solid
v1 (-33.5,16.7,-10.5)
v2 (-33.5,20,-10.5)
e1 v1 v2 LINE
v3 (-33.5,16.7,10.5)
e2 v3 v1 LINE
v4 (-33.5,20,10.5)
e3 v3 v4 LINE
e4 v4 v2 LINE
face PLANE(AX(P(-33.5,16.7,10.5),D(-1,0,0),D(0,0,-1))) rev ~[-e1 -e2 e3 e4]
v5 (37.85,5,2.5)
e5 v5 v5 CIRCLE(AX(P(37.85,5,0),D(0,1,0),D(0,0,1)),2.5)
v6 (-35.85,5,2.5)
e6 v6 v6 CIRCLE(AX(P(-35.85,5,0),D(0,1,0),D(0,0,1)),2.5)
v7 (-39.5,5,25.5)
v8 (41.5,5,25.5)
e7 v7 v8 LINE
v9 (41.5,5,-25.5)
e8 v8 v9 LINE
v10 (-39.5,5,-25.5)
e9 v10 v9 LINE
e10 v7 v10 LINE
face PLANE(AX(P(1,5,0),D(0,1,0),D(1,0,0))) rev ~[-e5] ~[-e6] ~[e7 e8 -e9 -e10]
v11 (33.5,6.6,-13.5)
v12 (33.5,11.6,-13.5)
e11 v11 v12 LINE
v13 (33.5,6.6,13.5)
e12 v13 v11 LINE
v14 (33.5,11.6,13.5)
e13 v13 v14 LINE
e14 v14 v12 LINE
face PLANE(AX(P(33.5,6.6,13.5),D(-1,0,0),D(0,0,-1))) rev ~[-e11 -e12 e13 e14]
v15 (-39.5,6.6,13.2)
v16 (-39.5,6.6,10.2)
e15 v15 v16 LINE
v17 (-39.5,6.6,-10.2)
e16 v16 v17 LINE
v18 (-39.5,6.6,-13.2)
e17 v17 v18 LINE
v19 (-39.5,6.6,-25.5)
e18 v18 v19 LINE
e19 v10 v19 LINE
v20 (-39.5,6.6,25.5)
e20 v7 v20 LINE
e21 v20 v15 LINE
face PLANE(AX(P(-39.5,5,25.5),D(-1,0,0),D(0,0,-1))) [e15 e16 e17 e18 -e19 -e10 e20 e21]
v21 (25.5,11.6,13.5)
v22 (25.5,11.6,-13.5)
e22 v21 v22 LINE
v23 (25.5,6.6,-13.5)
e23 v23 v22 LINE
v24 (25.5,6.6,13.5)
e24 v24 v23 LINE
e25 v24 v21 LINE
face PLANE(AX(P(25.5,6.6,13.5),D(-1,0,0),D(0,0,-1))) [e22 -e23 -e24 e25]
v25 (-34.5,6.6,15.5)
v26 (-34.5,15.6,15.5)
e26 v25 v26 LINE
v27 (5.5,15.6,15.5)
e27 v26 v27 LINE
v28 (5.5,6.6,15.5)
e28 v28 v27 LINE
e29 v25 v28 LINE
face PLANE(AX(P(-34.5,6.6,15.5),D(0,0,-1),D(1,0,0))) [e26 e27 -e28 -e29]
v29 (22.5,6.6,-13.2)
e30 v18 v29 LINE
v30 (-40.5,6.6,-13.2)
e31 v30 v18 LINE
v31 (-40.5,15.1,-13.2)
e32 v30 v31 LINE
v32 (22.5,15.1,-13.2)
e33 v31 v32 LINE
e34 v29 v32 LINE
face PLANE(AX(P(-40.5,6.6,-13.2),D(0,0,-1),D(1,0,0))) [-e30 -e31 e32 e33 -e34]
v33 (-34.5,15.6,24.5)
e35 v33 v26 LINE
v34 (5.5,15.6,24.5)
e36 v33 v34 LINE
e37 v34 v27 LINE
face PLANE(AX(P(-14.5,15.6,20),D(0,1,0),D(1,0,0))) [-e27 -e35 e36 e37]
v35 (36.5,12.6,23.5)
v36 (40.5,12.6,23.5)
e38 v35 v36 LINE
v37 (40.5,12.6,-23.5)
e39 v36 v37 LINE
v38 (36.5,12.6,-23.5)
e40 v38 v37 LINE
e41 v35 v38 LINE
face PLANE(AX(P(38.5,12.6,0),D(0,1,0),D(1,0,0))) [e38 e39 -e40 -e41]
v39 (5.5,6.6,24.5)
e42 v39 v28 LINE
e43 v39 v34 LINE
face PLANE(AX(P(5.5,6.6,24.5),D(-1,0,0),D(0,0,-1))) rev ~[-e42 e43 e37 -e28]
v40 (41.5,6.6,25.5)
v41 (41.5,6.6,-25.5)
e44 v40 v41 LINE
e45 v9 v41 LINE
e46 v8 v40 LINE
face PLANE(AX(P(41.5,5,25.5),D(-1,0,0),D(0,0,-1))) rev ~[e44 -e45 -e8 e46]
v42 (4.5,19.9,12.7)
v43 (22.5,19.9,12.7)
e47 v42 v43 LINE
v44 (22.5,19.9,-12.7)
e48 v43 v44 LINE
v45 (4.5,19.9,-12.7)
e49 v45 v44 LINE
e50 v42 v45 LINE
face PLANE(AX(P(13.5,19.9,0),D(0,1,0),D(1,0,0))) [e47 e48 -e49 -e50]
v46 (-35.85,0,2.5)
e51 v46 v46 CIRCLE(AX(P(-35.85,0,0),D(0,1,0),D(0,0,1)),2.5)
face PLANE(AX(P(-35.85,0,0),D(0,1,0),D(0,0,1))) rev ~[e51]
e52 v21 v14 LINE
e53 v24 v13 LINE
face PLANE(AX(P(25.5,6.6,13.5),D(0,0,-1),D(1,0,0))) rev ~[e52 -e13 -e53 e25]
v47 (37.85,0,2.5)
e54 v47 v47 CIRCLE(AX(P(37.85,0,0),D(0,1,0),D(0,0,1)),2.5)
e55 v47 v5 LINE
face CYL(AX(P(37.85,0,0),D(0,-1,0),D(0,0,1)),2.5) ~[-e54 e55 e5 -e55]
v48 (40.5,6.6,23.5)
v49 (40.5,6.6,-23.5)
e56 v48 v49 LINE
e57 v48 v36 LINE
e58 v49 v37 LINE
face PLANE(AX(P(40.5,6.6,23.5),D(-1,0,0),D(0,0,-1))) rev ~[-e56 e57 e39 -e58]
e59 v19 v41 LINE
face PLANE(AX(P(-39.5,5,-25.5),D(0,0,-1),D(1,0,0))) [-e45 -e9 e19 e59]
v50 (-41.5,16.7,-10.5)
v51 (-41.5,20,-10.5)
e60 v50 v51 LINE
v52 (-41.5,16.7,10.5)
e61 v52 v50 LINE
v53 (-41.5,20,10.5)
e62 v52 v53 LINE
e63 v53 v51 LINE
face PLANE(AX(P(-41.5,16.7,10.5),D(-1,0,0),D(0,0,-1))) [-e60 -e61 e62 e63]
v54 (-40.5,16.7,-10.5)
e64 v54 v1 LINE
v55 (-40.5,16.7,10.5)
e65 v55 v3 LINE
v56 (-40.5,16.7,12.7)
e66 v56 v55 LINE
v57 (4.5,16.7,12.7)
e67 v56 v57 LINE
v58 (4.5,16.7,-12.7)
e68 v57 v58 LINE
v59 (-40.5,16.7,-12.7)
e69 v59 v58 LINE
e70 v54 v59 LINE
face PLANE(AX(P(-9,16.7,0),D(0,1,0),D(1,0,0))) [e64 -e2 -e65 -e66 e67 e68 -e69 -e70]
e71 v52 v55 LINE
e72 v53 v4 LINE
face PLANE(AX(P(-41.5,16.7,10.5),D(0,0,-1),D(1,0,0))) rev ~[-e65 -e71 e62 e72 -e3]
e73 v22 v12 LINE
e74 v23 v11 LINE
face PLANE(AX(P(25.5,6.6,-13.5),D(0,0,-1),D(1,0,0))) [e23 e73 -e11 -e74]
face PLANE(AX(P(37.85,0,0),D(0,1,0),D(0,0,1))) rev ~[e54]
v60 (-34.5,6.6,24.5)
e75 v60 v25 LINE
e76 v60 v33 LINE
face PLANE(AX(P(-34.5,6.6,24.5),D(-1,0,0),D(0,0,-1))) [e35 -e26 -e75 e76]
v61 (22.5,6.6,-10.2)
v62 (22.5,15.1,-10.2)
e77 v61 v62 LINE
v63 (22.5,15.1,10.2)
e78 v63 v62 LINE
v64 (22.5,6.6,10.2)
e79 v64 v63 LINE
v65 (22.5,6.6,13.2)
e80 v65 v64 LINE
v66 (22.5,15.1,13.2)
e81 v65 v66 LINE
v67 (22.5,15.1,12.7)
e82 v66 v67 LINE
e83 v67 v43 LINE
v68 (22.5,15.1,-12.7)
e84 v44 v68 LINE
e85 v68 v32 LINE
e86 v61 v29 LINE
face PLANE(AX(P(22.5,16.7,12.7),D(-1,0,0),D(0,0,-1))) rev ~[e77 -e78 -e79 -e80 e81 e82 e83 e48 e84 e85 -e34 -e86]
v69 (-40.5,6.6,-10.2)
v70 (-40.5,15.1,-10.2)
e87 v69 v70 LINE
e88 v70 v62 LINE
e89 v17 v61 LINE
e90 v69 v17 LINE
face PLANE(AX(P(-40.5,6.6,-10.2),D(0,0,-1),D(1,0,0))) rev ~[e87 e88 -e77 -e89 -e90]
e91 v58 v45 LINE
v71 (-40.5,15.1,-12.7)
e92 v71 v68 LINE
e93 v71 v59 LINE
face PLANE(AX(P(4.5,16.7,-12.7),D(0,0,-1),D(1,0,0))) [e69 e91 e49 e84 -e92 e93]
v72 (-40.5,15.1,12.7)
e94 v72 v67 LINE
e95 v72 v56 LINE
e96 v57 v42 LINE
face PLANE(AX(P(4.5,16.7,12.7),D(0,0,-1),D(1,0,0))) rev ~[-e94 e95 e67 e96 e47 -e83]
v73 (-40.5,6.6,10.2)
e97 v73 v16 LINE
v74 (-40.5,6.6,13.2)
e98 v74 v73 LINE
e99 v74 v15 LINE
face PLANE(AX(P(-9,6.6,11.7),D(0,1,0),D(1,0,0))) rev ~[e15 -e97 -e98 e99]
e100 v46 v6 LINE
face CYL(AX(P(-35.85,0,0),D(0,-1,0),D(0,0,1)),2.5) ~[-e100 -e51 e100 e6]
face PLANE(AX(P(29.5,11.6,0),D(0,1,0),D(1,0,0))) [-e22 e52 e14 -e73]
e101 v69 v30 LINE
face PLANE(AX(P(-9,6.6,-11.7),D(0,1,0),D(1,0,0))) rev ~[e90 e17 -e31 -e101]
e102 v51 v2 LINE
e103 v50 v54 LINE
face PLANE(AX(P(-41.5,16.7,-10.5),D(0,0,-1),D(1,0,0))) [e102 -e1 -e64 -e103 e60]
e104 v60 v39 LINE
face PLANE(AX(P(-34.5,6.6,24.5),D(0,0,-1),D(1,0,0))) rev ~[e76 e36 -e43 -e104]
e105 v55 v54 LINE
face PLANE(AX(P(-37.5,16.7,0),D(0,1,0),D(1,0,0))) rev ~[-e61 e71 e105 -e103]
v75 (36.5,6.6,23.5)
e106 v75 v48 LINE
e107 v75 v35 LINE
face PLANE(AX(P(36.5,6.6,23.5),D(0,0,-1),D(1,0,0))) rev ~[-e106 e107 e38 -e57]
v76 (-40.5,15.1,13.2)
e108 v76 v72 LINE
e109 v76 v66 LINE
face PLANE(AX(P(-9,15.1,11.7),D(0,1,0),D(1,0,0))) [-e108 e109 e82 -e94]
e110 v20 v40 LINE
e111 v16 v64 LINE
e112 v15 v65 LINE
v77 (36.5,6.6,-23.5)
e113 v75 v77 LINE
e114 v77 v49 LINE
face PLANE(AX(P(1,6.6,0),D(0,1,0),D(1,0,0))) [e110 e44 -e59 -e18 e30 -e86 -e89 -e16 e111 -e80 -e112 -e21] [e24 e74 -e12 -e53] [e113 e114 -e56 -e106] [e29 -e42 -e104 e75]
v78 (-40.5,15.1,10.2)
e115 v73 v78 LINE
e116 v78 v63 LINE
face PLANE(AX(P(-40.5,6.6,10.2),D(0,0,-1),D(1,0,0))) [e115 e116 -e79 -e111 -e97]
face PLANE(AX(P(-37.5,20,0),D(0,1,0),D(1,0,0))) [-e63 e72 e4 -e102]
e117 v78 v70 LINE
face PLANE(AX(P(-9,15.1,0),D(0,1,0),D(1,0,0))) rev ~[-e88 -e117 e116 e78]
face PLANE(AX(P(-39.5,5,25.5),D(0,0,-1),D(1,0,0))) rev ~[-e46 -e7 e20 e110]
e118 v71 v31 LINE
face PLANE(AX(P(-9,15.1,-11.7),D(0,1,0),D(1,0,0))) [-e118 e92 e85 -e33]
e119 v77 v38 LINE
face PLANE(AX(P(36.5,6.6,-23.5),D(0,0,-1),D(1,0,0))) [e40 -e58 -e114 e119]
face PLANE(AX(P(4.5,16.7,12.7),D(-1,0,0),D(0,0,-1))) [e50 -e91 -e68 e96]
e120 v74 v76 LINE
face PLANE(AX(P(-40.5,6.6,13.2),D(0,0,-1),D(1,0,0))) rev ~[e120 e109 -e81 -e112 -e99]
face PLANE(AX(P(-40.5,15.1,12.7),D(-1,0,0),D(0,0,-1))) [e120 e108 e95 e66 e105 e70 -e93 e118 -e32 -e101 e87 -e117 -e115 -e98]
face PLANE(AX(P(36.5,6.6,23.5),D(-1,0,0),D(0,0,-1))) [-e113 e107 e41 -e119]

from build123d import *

# Parameters (mm, degrees)
SK_P01_STANDOFF_R                  = 2.5
P01_STANDOFF_DEPTH                 = 5
SK_P02_STANDOFF_R                  = 2.5
P02_STANDOFF_DEPTH                 = 5
P03_PERMAPROTOHALFSIZECARRIE_START = 5
SK_P03_PERMAPROTOHALFSIZECARRIE_W  = 81
SK_P03_PERMAPROTOHALFSIZECARRIE_H  = 51
P03_PERMAPROTOHALFSIZECARRIE_DEPTH = 1.6
P04_SOCKETROW_START                = 6.6
SK_P04_SOCKETROW_W                 = 63
SK_P04_SOCKETROW_H                 = 3
P04_SOCKETROW_DEPTH                = 8.5
P05_SOCKETROW_START                = 6.6
SK_P05_SOCKETROW_W                 = 63
SK_P05_SOCKETROW_H                 = 3
P05_SOCKETROW_DEPTH                = 8.5
P06_DEVKITC1_START                 = 15.1
SK_P06_DEVKITC1_W                  = 63
SK_P06_DEVKITC1_H                  = 25.4
P06_DEVKITC1_DEPTH                 = 1.6
P07_WROOM2MODULE_START             = 16.7
SK_P07_WROOM2MODULE_W              = 18
SK_P07_WROOM2MODULE_H              = 25.4
P07_WROOM2MODULE_DEPTH             = 3.2
P08_USBCX2_START                   = 16.7
SK_P08_USBCX2_W                    = 8
SK_P08_USBCX2_H                    = 21
P08_USBCX2_DEPTH                   = 3.3
P09_74LVC244_START                 = 6.6
SK_P09_74LVC244_W                  = 8
SK_P09_74LVC244_H                  = 27
P09_74LVC244_DEPTH                 = 5
P10_JSTXHHEADERSVERTICAL_START     = 6.6
SK_P10_JSTXHHEADERSVERTICAL_W      = 4
SK_P10_JSTXHHEADERSVERTICAL_H      = 47
P10_JSTXHHEADERSVERTICAL_DEPTH     = 6
P11_2X12BOXHEADERDECKSIGNALS_START = 6.6
SK_P11_2X12BOXHEADERDECKSIGNALS_W  = 40
SK_P11_2X12BOXHEADERDECKSIGNALS_H  = 9
P11_2X12BOXHEADERDECKSIGNALS_DEPTH = 9


with BuildPart() as part:
    # SK_P01_Standoff → P01_Standoff (new body)
    with BuildSketch(Plane(origin=(0, 0, 0), x_dir=(1, 0, 0), z_dir=(0, 1, 0))):
        with Locations(Location((-35.85, 0, 0), (0, 0, 270))):
            Circle(SK_P01_STANDOFF_R)
    extrude(amount=P01_STANDOFF_DEPTH)



with BuildPart() as body_2:
    # SK_P02_Standoff → P02_Standoff (new body)
    with BuildSketch(Plane(origin=(0, 0, 0), x_dir=(1, 0, 0), z_dir=(0, 1, 0))):
        with Locations(Location((37.85, 0, 0), (0, 0, 270))):
            Circle(SK_P02_STANDOFF_R)
    extrude(amount=P02_STANDOFF_DEPTH)


with BuildPart() as part_1:
    add(part.part)

    add(body_2.part)  # P03_PermaProtohalfsizecarrie merges body 2
    # SK_P03_PermaProtohalfsizecarrie → P03_PermaProtohalfsizecarrie (add)
    with BuildSketch(Plane(origin=(0, 0, 0), x_dir=(1, 0, 0), z_dir=(0, 1, 0)).offset(P03_PERMAPROTOHALFSIZECARRIE_START)):
        with Locations((1, 0)):
            Rectangle(SK_P03_PERMAPROTOHALFSIZECARRIE_W, SK_P03_PERMAPROTOHALFSIZECARRIE_H)
    extrude(amount=P03_PERMAPROTOHALFSIZECARRIE_DEPTH)

    # SK_P04_Socketrow → P04_Socketrow (add)
    with BuildSketch(Plane(origin=(0, 0, 0), x_dir=(1, 0, 0), z_dir=(0, 1, 0)).offset(P04_SOCKETROW_START)):
        with Locations((-9, 11.7)):
            Rectangle(SK_P04_SOCKETROW_W, SK_P04_SOCKETROW_H)
    extrude(amount=P04_SOCKETROW_DEPTH)

    # SK_P05_Socketrow → P05_Socketrow (add)
    with BuildSketch(Plane(origin=(0, 0, 0), x_dir=(1, 0, 0), z_dir=(0, 1, 0)).offset(P05_SOCKETROW_START)):
        with Locations((-9, -11.7)):
            Rectangle(SK_P05_SOCKETROW_W, SK_P05_SOCKETROW_H)
    extrude(amount=P05_SOCKETROW_DEPTH)

    # SK_P06_DevKitC1 → P06_DevKitC1 (add)
    with BuildSketch(Plane(origin=(0, 0, 0), x_dir=(1, 0, 0), z_dir=(0, 1, 0)).offset(P06_DEVKITC1_START)):
        with Locations((-9, 0)):
            Rectangle(SK_P06_DEVKITC1_W, SK_P06_DEVKITC1_H)
    extrude(amount=P06_DEVKITC1_DEPTH)

    # SK_P07_WROOM2module → P07_WROOM2module (add)
    with BuildSketch(Plane(origin=(0, 0, 0), x_dir=(1, 0, 0), z_dir=(0, 1, 0)).offset(P07_WROOM2MODULE_START)):
        with Locations((13.5, 0)):
            Rectangle(SK_P07_WROOM2MODULE_W, SK_P07_WROOM2MODULE_H)
    extrude(amount=P07_WROOM2MODULE_DEPTH)

    # SK_P08_USBCx2 → P08_USBCx2 (add)
    with BuildSketch(Plane(origin=(0, 0, 0), x_dir=(1, 0, 0), z_dir=(0, 1, 0)).offset(P08_USBCX2_START)):
        with Locations((-37.5, 0)):
            Rectangle(SK_P08_USBCX2_W, SK_P08_USBCX2_H)
    extrude(amount=P08_USBCX2_DEPTH)

    # SK_P09_74LVC244 → P09_74LVC244 (add)
    with BuildSketch(Plane(origin=(0, 0, 0), x_dir=(1, 0, 0), z_dir=(0, 1, 0)).offset(P09_74LVC244_START)):
        with Locations((29.5, 0)):
            Rectangle(SK_P09_74LVC244_W, SK_P09_74LVC244_H)
    extrude(amount=P09_74LVC244_DEPTH)

    # SK_P10_JSTXHheadersvertical → P10_JSTXHheadersvertical (add)
    with BuildSketch(Plane(origin=(0, 0, 0), x_dir=(1, 0, 0), z_dir=(0, 1, 0)).offset(P10_JSTXHHEADERSVERTICAL_START)):
        with Locations((38.5, 0)):
            Rectangle(SK_P10_JSTXHHEADERSVERTICAL_W, SK_P10_JSTXHHEADERSVERTICAL_H)
    extrude(amount=P10_JSTXHHEADERSVERTICAL_DEPTH)

    # SK_P11_2x12boxheaderdecksignals → P11_2x12boxheaderdecksignals (add)
    with BuildSketch(Plane(origin=(0, 0, 0), x_dir=(1, 0, 0), z_dir=(0, 1, 0)).offset(P11_2X12BOXHEADERDECKSIGNALS_START)):
        with Locations((-14.5, -20)):
            Rectangle(SK_P11_2X12BOXHEADERDECKSIGNALS_W, SK_P11_2X12BOXHEADERDECKSIGNALS_H)
    extrude(amount=P11_2X12BOXHEADERDECKSIGNALS_DEPTH)


solid = part_1.part
